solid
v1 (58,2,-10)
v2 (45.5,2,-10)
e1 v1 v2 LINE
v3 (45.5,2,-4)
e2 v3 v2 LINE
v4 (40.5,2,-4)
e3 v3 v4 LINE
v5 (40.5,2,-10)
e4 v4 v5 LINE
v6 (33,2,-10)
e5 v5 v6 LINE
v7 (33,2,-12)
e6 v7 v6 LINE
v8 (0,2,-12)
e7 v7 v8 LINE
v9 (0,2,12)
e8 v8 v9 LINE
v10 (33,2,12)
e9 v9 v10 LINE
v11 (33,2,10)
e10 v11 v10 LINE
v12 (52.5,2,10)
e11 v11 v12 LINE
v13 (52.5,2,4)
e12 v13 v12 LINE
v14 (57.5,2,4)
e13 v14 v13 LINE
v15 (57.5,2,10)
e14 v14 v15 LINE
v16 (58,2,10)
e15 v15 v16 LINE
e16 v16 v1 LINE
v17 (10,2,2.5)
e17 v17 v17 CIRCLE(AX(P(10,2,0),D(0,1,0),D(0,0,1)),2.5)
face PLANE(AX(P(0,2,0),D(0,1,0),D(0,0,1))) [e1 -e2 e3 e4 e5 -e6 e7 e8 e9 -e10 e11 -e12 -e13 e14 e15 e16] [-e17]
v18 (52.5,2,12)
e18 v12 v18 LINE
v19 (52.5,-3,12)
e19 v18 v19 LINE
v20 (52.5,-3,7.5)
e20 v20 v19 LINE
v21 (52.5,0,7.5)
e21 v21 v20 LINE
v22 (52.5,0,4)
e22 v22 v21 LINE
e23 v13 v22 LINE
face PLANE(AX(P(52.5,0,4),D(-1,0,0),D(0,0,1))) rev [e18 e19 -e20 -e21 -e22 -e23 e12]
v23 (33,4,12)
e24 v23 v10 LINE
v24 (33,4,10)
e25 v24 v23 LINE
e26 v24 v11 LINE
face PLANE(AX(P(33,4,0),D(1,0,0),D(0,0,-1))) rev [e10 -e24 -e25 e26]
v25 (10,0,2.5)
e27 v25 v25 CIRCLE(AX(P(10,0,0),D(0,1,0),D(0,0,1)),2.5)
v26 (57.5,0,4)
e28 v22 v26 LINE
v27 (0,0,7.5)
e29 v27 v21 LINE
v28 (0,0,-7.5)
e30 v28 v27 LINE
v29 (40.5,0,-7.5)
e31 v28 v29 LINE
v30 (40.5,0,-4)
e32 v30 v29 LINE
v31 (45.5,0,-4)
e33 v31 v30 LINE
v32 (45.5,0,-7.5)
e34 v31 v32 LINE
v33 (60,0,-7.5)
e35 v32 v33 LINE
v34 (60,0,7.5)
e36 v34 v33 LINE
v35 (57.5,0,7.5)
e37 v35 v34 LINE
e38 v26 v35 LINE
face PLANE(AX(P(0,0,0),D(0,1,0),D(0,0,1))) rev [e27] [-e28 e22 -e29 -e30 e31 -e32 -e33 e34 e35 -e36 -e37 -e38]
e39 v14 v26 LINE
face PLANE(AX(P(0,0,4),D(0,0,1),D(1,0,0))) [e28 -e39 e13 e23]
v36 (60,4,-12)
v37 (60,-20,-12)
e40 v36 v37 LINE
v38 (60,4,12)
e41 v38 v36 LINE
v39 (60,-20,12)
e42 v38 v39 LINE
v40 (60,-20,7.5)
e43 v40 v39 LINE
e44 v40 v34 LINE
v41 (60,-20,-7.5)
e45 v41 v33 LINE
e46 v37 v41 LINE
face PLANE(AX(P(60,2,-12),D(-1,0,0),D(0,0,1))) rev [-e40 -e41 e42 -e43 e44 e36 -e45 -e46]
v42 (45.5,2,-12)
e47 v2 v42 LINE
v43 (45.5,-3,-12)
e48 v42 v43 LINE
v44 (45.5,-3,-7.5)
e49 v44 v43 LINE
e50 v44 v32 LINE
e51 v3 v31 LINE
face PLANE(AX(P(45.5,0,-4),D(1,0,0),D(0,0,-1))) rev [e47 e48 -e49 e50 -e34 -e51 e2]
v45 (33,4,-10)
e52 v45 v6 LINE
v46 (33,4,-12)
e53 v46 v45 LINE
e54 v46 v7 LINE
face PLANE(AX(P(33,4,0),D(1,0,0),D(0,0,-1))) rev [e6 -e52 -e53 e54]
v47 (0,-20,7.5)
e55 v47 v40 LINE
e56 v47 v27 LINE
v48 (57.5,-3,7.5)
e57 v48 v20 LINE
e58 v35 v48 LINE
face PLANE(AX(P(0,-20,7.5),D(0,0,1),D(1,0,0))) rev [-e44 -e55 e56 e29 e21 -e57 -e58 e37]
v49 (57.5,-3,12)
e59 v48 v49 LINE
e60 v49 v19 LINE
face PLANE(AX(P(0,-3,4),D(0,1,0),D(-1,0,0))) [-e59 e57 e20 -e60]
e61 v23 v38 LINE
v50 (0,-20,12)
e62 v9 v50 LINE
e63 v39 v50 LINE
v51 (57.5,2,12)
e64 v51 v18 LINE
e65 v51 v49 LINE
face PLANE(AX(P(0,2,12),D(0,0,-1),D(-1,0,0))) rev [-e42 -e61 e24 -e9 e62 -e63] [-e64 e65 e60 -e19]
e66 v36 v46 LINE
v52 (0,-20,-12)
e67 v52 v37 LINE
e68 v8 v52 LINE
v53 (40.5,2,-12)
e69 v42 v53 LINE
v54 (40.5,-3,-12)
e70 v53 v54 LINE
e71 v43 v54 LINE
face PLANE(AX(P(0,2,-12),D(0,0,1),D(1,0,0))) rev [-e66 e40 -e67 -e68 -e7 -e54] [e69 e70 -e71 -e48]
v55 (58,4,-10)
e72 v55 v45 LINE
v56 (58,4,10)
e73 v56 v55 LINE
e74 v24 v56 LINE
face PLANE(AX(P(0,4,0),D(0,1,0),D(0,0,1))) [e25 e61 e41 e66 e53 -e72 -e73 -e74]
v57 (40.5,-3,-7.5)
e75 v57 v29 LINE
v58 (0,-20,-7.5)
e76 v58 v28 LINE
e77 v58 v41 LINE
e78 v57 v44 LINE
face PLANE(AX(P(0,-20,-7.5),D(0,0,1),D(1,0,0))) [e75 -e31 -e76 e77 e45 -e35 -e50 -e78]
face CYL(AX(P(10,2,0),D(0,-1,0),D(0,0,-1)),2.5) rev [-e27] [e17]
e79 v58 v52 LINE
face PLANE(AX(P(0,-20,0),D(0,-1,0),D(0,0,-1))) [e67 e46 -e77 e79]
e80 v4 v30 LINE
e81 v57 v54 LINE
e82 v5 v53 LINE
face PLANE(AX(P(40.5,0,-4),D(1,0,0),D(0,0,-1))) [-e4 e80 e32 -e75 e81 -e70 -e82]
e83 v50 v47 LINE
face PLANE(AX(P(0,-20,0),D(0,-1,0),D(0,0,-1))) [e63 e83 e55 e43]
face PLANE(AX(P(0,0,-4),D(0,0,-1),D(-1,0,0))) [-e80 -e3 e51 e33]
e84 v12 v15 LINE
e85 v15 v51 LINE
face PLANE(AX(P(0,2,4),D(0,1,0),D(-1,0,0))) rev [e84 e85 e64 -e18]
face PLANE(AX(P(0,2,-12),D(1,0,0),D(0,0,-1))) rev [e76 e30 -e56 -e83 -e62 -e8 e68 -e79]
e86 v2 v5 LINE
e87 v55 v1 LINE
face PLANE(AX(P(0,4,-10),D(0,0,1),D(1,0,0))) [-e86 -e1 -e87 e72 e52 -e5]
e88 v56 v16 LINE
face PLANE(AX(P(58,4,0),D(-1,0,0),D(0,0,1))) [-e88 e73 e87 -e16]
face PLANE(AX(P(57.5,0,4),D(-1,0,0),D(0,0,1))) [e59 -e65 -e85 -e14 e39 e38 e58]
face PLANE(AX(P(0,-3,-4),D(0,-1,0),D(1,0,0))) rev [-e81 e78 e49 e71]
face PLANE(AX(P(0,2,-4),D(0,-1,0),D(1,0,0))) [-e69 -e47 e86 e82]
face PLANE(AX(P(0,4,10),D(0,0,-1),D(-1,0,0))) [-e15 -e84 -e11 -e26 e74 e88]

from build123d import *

# Parameters (mm, degrees)
ESQUISSE1_W             = 60
ESQUISSE1_H             = 24
ESQUISSE1_R             = 2.5
BOSS_EXTRU_1_DEPTH      = 2
BOSS_EXTRU_2_DEPTH      = 2
ESQUISSE3_W             = 60
ESQUISSE3_H             = 4.5
BOSS_EXTRU_3_DEPTH      = 20
ESQUISSE5_W             = 5
ESQUISSE5_H             = 5
ENL_V_MAT_EXTRU_2_DEPTH = 8
ESQUISSE6_W             = 5
ESQUISSE6_H             = 5
ENL_V_MAT_EXTRU_3_DEPTH = 8


with BuildPart() as part:
    # Esquisse1 → Boss.-Extru.1 (new body)
    with BuildSketch(Plane(origin=(0, 0, 0), x_dir=(1, 0, 0), z_dir=(0, 1, 0))):
        with Locations((30, 0)):
            Rectangle(ESQUISSE1_W, ESQUISSE1_H)
        with Locations((10, 0)):
            Circle(ESQUISSE1_R, mode=Mode.SUBTRACT)
    extrude(amount=BOSS_EXTRU_1_DEPTH)

    # Esquisse2 → Boss.-Extru.2 (add)
    with BuildSketch(Plane(origin=(0, 2, 0), x_dir=(1, 0, 0), z_dir=(0, 1, 0))):
        Polygon((60, 12), (33, 12), (33, 10), (58, 10), (58, -10), (33, -10), (33, -12), (60, -12), align=None)
    extrude(amount=BOSS_EXTRU_2_DEPTH)

    # Esquisse3 → Boss.-Extru.3 (add)
    with BuildSketch(Plane.XZ):
        with Locations((30, 9.75)):
            Rectangle(ESQUISSE3_W, ESQUISSE3_H)
        with Locations((30, -9.75)):
            Rectangle(ESQUISSE3_W, ESQUISSE3_H)
    extrude(amount=BOSS_EXTRU_3_DEPTH)

    # Esquisse5 → Enlèv. mat.-Extru.2 (cut)
    with BuildSketch(Plane.XY.offset(12)):
        with Locations((55, -0.5)):
            Rectangle(ESQUISSE5_W, ESQUISSE5_H)
    extrude(amount=-ENL_V_MAT_EXTRU_2_DEPTH, mode=Mode.SUBTRACT)

    # Esquisse6 → Enlèv. mat.-Extru.3 (cut)
    with BuildSketch(Plane(origin=(0, 0, -12), x_dir=(-1, 0, 0), z_dir=(0, 0, -1))):
        with Locations((-43, -0.5)):
            Rectangle(ESQUISSE6_W, ESQUISSE6_H)
    extrude(amount=-ENL_V_MAT_EXTRU_3_DEPTH, mode=Mode.SUBTRACT)


solid = part.part
